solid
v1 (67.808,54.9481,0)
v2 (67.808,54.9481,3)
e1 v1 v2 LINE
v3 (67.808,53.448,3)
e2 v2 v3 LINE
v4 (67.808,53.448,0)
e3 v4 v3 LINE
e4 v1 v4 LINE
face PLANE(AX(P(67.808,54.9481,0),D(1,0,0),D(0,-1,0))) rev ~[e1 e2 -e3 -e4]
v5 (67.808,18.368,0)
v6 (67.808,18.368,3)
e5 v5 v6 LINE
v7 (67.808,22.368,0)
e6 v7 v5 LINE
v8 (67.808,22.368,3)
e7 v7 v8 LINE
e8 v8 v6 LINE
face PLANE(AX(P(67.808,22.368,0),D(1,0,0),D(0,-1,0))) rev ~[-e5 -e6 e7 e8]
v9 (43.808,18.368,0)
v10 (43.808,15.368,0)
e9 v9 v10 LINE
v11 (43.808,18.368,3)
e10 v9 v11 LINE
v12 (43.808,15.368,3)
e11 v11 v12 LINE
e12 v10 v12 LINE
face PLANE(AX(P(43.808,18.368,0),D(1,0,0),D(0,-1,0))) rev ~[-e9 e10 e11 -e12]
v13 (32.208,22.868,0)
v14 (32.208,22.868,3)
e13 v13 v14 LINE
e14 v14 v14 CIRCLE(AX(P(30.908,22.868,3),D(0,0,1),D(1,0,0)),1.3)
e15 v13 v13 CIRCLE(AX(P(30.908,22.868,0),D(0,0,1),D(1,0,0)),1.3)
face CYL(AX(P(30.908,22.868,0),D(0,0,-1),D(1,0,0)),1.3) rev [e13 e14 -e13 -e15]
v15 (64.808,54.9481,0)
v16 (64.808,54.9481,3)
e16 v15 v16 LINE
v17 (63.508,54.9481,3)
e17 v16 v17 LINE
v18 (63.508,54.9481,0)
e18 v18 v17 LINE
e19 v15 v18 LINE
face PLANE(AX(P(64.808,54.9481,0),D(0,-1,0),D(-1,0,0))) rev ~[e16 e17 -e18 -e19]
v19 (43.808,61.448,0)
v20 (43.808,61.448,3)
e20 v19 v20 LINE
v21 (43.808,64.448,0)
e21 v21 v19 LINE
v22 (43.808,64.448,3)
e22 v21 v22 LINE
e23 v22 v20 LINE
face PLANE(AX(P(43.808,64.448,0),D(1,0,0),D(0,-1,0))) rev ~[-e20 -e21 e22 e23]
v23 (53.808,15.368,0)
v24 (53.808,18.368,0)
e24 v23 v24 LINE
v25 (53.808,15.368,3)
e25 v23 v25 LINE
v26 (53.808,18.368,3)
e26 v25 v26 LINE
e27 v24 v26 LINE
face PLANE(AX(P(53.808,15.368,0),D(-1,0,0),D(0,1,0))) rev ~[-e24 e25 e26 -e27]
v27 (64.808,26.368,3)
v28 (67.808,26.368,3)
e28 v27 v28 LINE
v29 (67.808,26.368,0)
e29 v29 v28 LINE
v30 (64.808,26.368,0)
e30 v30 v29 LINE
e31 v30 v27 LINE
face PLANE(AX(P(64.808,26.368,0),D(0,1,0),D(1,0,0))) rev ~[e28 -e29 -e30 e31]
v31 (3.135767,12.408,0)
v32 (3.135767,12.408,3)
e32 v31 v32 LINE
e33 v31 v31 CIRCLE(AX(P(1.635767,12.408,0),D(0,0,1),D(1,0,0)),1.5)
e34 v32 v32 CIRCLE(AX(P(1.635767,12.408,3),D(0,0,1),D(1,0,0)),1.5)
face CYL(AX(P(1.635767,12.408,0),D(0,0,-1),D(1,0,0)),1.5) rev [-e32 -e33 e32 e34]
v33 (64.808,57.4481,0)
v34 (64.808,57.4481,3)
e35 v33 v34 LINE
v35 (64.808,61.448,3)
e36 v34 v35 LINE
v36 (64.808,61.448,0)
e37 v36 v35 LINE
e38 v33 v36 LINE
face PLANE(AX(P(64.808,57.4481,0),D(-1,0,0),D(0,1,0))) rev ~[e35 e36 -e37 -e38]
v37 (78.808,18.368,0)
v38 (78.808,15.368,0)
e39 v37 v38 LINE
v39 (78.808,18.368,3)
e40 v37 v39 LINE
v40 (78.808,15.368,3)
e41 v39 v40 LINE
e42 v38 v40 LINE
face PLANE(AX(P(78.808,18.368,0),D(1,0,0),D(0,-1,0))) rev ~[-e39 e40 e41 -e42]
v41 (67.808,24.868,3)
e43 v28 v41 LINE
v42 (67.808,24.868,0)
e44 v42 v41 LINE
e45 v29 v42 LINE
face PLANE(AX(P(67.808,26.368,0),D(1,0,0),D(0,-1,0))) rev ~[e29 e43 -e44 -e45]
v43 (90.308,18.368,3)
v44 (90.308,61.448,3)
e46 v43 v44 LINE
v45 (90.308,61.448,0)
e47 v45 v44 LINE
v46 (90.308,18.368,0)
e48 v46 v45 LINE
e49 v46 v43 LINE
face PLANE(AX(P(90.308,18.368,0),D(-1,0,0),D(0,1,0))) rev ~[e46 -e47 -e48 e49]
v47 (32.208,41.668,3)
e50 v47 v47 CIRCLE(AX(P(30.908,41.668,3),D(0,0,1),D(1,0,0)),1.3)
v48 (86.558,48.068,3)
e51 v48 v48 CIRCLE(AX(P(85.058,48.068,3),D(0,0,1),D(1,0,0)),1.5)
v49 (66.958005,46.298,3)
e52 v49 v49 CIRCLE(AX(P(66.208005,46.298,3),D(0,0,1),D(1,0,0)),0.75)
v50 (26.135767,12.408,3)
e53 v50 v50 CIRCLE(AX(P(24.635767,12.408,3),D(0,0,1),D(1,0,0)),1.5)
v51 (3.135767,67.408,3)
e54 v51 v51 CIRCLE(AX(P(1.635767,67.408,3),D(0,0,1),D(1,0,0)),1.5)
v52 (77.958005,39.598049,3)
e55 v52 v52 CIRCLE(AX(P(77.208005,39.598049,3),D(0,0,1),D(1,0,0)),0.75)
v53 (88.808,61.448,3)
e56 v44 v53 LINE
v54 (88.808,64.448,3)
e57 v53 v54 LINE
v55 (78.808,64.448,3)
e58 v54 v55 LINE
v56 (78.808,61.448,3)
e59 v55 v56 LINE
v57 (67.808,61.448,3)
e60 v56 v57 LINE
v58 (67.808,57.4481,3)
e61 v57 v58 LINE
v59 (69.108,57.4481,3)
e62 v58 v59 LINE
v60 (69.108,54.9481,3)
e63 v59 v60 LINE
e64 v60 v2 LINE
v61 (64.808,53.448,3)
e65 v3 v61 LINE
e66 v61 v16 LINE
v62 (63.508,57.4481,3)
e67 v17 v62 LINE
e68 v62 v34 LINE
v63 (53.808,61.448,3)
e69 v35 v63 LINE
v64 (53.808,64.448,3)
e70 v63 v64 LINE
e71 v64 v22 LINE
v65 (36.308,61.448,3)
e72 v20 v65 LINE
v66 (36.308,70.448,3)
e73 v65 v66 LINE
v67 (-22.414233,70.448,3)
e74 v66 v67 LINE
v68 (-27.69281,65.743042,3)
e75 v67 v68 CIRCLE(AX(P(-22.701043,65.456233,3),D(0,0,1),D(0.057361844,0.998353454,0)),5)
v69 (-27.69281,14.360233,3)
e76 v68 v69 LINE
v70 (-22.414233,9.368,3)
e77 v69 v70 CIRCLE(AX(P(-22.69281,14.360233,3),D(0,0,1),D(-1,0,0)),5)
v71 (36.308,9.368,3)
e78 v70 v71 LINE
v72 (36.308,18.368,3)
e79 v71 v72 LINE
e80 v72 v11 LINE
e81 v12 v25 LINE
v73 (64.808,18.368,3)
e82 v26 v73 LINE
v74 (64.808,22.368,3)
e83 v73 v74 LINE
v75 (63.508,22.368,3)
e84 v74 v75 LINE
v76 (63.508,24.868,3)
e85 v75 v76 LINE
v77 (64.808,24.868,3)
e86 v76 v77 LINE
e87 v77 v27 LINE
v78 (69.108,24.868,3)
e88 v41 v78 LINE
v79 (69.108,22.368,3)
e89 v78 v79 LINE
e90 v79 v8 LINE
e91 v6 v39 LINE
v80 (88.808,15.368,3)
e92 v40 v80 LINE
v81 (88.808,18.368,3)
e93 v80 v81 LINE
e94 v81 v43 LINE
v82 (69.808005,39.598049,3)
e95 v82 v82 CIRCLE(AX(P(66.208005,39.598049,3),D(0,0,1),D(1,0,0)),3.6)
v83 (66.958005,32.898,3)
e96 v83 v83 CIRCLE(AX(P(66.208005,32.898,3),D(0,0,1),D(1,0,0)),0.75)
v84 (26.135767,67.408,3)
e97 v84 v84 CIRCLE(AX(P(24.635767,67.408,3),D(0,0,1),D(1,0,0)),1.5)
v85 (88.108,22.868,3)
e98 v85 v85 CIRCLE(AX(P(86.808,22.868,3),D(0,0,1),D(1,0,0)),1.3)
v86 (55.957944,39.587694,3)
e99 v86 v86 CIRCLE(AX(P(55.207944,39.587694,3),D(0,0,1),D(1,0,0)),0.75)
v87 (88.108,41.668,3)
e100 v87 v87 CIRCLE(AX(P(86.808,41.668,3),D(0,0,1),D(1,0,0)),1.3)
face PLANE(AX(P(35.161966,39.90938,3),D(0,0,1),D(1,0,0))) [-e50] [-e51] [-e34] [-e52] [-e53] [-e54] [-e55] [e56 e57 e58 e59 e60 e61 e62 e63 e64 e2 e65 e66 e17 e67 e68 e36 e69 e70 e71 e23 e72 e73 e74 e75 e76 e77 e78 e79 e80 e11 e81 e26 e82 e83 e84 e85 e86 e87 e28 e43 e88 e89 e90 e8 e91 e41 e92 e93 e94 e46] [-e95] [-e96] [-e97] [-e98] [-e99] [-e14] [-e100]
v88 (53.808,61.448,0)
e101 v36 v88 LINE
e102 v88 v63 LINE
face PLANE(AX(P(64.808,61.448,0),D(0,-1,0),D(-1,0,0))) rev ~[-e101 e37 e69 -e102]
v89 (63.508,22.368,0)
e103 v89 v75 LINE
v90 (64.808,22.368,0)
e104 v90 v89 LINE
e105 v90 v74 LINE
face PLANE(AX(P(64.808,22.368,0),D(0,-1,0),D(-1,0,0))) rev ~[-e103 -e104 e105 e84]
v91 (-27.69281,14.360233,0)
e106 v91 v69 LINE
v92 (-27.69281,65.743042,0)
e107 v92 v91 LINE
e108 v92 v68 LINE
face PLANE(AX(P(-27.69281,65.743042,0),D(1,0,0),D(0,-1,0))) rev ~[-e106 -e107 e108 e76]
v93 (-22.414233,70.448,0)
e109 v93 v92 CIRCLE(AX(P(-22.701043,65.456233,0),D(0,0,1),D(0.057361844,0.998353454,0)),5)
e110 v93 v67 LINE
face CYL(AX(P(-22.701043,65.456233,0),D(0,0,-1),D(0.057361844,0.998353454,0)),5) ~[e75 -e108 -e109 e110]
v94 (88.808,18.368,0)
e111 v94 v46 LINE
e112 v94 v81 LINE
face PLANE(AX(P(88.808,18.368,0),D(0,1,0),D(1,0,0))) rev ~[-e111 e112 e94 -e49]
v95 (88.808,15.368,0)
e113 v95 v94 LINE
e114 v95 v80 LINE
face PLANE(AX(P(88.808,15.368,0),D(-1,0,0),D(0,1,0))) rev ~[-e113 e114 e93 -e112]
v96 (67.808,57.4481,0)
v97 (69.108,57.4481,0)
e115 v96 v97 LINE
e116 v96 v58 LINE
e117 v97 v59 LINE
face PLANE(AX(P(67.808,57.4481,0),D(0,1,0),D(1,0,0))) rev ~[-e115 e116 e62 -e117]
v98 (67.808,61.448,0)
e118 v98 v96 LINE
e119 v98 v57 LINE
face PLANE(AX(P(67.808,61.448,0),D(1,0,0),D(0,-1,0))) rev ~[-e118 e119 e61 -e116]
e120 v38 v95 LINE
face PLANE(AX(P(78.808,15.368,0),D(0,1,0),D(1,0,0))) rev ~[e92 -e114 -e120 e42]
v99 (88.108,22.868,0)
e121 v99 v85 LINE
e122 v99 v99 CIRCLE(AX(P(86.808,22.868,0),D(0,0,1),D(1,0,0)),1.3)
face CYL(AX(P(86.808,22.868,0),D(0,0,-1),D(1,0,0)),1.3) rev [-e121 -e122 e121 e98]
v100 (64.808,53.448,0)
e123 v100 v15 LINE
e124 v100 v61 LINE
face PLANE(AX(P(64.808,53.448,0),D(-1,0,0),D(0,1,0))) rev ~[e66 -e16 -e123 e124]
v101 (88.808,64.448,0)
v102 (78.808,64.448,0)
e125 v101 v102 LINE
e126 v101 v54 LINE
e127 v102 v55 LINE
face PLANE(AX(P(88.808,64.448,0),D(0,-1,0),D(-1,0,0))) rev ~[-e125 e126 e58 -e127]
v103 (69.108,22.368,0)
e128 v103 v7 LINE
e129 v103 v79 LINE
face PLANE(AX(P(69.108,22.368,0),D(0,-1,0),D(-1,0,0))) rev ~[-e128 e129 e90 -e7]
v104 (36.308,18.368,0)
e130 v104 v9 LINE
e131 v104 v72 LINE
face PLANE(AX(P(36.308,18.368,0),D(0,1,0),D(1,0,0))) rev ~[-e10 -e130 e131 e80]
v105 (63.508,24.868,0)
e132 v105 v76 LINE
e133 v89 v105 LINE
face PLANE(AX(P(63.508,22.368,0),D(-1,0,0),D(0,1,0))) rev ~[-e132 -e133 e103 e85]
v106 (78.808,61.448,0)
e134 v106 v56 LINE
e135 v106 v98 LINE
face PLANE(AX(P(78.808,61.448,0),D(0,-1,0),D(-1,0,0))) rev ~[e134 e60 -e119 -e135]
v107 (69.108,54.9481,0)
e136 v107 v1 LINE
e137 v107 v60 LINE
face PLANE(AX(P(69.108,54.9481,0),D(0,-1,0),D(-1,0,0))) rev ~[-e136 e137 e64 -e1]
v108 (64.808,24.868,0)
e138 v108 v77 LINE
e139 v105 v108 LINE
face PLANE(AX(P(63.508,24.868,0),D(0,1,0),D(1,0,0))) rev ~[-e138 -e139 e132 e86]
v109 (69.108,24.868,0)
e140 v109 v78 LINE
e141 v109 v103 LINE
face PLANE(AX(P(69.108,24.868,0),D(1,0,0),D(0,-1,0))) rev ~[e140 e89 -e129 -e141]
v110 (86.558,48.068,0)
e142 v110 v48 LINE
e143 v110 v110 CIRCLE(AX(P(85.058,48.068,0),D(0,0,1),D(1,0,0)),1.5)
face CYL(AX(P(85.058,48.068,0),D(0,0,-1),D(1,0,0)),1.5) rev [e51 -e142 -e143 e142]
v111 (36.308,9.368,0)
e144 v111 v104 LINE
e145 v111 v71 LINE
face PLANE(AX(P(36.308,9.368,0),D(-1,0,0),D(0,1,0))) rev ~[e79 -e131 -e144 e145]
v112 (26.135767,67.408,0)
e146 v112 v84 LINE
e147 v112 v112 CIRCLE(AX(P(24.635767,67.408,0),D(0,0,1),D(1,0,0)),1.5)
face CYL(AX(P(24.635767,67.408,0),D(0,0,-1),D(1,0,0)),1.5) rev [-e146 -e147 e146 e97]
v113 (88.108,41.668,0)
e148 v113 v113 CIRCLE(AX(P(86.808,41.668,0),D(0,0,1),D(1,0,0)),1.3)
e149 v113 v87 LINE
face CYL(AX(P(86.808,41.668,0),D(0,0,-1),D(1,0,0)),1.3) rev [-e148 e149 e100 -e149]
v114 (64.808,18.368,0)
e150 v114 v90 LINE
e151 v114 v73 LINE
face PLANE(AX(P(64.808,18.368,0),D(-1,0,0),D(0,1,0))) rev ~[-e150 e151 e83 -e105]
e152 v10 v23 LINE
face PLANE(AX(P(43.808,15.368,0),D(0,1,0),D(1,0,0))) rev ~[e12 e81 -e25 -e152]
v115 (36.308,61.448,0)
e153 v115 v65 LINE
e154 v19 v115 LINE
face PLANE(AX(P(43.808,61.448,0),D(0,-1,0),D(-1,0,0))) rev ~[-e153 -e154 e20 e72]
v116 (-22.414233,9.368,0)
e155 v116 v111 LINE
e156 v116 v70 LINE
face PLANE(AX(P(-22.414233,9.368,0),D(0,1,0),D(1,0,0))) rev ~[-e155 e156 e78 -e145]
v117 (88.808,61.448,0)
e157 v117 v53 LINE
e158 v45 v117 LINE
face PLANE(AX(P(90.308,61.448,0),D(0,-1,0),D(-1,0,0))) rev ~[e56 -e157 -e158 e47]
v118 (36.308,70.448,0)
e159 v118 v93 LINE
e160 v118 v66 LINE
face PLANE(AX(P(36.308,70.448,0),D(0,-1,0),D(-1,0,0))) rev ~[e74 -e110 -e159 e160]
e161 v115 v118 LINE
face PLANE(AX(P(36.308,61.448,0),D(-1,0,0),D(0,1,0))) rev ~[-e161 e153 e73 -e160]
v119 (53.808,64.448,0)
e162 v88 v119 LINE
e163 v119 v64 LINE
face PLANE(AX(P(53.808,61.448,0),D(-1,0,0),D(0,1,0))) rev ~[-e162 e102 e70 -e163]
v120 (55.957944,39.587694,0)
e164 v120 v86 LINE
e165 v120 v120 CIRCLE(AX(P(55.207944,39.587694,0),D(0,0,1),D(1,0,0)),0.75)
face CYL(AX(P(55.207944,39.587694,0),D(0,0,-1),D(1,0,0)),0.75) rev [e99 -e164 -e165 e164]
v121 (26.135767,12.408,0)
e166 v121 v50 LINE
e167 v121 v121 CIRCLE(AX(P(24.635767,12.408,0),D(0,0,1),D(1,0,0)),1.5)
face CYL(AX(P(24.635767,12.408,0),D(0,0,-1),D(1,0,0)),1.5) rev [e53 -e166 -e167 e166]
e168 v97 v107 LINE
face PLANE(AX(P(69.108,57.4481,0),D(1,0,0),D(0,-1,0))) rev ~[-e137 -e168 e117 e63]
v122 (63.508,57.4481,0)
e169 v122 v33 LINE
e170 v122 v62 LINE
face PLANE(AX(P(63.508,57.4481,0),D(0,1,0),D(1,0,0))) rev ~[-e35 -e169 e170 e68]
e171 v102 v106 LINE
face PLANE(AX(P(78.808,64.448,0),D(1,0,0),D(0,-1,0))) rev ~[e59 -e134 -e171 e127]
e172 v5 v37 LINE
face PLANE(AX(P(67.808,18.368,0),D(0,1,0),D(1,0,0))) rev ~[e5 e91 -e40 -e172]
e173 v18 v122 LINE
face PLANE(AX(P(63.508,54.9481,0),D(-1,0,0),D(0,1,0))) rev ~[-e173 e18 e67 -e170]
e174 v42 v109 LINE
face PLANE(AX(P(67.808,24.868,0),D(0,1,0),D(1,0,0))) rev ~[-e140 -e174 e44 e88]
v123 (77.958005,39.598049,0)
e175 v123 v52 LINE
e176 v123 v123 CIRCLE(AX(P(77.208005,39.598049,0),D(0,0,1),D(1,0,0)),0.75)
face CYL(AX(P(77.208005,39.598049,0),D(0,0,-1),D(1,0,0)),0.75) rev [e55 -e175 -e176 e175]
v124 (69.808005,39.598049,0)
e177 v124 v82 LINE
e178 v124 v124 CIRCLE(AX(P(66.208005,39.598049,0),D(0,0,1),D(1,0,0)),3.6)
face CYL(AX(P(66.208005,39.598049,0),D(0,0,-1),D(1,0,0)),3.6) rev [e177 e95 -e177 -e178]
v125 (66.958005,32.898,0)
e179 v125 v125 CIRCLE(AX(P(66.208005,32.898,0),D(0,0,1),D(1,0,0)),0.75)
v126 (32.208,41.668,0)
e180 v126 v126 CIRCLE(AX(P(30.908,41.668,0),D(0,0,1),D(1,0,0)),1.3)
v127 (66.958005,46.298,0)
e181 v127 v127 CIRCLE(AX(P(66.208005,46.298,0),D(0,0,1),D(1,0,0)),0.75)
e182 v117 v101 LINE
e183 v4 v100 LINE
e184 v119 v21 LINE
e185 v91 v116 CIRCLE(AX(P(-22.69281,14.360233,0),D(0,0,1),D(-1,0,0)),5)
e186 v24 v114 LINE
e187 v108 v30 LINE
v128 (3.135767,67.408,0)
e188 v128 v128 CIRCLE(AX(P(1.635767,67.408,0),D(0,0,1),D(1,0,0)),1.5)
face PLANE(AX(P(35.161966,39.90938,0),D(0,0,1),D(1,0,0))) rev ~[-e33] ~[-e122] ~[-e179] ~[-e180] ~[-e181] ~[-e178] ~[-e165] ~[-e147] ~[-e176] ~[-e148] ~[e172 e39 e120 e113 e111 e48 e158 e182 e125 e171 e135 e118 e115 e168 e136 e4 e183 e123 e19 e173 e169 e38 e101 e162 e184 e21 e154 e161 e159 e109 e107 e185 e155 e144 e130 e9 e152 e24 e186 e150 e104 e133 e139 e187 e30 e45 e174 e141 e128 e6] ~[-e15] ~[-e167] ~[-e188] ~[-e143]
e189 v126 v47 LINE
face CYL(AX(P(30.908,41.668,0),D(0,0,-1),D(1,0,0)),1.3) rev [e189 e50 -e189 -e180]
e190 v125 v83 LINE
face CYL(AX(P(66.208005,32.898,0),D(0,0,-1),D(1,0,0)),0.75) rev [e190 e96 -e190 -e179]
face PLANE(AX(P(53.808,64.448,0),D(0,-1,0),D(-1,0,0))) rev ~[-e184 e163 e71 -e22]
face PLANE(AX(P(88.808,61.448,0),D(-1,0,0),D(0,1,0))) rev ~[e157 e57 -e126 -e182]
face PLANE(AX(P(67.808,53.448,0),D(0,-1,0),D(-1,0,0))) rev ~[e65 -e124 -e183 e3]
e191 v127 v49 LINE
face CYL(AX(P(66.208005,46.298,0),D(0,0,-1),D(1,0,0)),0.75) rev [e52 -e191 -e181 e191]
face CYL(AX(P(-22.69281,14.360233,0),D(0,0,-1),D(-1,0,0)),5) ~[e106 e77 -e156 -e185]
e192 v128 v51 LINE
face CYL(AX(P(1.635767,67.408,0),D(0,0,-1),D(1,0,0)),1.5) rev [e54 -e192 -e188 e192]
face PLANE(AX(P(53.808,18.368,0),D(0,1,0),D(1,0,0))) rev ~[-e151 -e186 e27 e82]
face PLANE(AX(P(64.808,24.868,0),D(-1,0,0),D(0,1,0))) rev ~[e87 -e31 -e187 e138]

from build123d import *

# Parameters (mm, degrees)
MODEL_R             = 3.6
MODEL_R_2           = 0.75
MODEL_R_3           = 1.500000002
MODEL_R_4           = 1.3
MODEL_R_5           = 1.5
BOSS_EXTRUDE1_DEPTH = 3


with BuildPart() as part:
    # Model → Boss-Extrude1 (new body)
    with BuildSketch(Plane.XY):
        with BuildLine():
            Line((43.808, 64.448), (43.808, 61.448))
            Line((43.808, 61.448), (36.308, 61.448))
            Line((36.308, 61.448), (36.308, 70.448))
            Line((36.308, 70.448), (-22.414233443, 70.448))
            ThreePointArc((-22.414233443, 70.448), (-26.027950405, 69.188749962), (-27.692809934, 65.743041952))
            Line((-27.692809934, 65.743041952), (-27.692809934, 14.360233482))
            ThreePointArc((-27.692809934, 14.360233482), (-26.128440702, 10.72754285), (-22.414233443, 9.368))
            Line((-22.414233443, 9.368), (36.308, 9.368))
            Line((36.308, 9.368), (36.308, 18.368))
            Line((36.308, 18.368), (43.808, 18.368))
            Line((43.808, 18.368), (43.808, 15.368))
            Line((43.808, 15.368), (53.808, 15.368))
            Line((53.808, 15.368), (53.808, 18.368))
            Line((53.808, 18.368), (64.808, 18.368))
            Line((64.808, 18.368), (64.808, 22.368))
            Line((64.808, 22.368), (63.508, 22.368))
            Line((63.508, 22.368), (63.508, 24.868))
            Line((63.508, 24.868), (64.808, 24.868))
            Line((64.808, 24.868), (64.808, 26.368))
            Line((64.808, 26.368), (67.808, 26.368))
            Line((67.808, 26.368), (67.808, 24.868))
            Line((67.808, 24.868), (69.108, 24.868))
            Line((69.108, 24.868), (69.108, 22.368))
            Line((69.108, 22.368), (67.808, 22.368))
            Line((67.808, 22.368), (67.808, 18.368))
            Line((67.808, 18.368), (78.808, 18.368))
            Line((78.808, 18.368), (78.808, 15.368))
            Line((78.808, 15.368), (88.808, 15.368))
            Line((88.808, 15.368), (88.808, 18.368))
            Line((88.808, 18.368), (90.308, 18.368))
            Line((90.308, 18.368), (90.308, 61.448))
            Line((90.308, 61.448), (88.808, 61.448))
            Line((88.808, 61.448), (88.808, 64.448))
            Line((88.808, 64.448), (78.808, 64.448))
            Line((78.808, 64.448), (78.808, 61.448))
            Line((78.808, 61.448), (67.808, 61.448))
            Line((67.808, 61.448), (67.808, 57.4481))
            Line((67.808, 57.4481), (69.108, 57.4481))
            Line((69.108, 57.4481), (69.108, 54.9481))
            Line((69.108, 54.9481), (67.808, 54.9481))
            Line((67.808, 54.9481), (67.808, 53.448))
            Line((67.808, 53.448), (64.808, 53.448))
            Line((64.808, 53.448), (64.808, 54.9481))
            Line((64.808, 54.9481), (63.508, 54.9481))
            Line((63.508, 54.9481), (63.508, 57.4481))
            Line((63.508, 57.4481), (64.808, 57.4481))
            Line((64.808, 57.4481), (64.808, 61.448))
            Line((64.808, 61.448), (53.808, 61.448))
            Line((53.808, 61.448), (53.808, 64.448))
            Line((53.808, 64.448), (43.808, 64.448))
        make_face()
        with Locations((66.20800481, 39.598049108)):
            Circle(MODEL_R, mode=Mode.SUBTRACT)
        with Locations((55.207943868, 39.587694441)):
            Circle(MODEL_R_2, mode=Mode.SUBTRACT)
        with Locations((66.20800481, 46.298)):
            Circle(MODEL_R_2, mode=Mode.SUBTRACT)
        with Locations((66.20800481, 32.898)):
            Circle(MODEL_R_2, mode=Mode.SUBTRACT)
        with Locations((77.20800481, 39.598049108)):
            Circle(MODEL_R_2, mode=Mode.SUBTRACT)
        with Locations((85.058, 48.068)):
            Circle(MODEL_R_3, mode=Mode.SUBTRACT)
        with Locations((30.908, 41.668)):
            Circle(MODEL_R_4, mode=Mode.SUBTRACT)
        with Locations((86.808, 41.668)):
            Circle(MODEL_R_4, mode=Mode.SUBTRACT)
        with Locations((30.908, 22.868)):
            Circle(MODEL_R_4, mode=Mode.SUBTRACT)
        with Locations((86.808, 22.868)):
            Circle(MODEL_R_4, mode=Mode.SUBTRACT)
        with Locations((1.635766557, 67.408)):
            Circle(MODEL_R_5, mode=Mode.SUBTRACT)
        with Locations((24.635766557, 67.408)):
            Circle(MODEL_R_5, mode=Mode.SUBTRACT)
        with Locations((1.635766557, 12.408)):
            Circle(MODEL_R_5, mode=Mode.SUBTRACT)
        with Locations((24.635766557, 12.408)):
            Circle(MODEL_R_5, mode=Mode.SUBTRACT)
    extrude(amount=BOSS_EXTRUDE1_DEPTH)


solid = part.part
